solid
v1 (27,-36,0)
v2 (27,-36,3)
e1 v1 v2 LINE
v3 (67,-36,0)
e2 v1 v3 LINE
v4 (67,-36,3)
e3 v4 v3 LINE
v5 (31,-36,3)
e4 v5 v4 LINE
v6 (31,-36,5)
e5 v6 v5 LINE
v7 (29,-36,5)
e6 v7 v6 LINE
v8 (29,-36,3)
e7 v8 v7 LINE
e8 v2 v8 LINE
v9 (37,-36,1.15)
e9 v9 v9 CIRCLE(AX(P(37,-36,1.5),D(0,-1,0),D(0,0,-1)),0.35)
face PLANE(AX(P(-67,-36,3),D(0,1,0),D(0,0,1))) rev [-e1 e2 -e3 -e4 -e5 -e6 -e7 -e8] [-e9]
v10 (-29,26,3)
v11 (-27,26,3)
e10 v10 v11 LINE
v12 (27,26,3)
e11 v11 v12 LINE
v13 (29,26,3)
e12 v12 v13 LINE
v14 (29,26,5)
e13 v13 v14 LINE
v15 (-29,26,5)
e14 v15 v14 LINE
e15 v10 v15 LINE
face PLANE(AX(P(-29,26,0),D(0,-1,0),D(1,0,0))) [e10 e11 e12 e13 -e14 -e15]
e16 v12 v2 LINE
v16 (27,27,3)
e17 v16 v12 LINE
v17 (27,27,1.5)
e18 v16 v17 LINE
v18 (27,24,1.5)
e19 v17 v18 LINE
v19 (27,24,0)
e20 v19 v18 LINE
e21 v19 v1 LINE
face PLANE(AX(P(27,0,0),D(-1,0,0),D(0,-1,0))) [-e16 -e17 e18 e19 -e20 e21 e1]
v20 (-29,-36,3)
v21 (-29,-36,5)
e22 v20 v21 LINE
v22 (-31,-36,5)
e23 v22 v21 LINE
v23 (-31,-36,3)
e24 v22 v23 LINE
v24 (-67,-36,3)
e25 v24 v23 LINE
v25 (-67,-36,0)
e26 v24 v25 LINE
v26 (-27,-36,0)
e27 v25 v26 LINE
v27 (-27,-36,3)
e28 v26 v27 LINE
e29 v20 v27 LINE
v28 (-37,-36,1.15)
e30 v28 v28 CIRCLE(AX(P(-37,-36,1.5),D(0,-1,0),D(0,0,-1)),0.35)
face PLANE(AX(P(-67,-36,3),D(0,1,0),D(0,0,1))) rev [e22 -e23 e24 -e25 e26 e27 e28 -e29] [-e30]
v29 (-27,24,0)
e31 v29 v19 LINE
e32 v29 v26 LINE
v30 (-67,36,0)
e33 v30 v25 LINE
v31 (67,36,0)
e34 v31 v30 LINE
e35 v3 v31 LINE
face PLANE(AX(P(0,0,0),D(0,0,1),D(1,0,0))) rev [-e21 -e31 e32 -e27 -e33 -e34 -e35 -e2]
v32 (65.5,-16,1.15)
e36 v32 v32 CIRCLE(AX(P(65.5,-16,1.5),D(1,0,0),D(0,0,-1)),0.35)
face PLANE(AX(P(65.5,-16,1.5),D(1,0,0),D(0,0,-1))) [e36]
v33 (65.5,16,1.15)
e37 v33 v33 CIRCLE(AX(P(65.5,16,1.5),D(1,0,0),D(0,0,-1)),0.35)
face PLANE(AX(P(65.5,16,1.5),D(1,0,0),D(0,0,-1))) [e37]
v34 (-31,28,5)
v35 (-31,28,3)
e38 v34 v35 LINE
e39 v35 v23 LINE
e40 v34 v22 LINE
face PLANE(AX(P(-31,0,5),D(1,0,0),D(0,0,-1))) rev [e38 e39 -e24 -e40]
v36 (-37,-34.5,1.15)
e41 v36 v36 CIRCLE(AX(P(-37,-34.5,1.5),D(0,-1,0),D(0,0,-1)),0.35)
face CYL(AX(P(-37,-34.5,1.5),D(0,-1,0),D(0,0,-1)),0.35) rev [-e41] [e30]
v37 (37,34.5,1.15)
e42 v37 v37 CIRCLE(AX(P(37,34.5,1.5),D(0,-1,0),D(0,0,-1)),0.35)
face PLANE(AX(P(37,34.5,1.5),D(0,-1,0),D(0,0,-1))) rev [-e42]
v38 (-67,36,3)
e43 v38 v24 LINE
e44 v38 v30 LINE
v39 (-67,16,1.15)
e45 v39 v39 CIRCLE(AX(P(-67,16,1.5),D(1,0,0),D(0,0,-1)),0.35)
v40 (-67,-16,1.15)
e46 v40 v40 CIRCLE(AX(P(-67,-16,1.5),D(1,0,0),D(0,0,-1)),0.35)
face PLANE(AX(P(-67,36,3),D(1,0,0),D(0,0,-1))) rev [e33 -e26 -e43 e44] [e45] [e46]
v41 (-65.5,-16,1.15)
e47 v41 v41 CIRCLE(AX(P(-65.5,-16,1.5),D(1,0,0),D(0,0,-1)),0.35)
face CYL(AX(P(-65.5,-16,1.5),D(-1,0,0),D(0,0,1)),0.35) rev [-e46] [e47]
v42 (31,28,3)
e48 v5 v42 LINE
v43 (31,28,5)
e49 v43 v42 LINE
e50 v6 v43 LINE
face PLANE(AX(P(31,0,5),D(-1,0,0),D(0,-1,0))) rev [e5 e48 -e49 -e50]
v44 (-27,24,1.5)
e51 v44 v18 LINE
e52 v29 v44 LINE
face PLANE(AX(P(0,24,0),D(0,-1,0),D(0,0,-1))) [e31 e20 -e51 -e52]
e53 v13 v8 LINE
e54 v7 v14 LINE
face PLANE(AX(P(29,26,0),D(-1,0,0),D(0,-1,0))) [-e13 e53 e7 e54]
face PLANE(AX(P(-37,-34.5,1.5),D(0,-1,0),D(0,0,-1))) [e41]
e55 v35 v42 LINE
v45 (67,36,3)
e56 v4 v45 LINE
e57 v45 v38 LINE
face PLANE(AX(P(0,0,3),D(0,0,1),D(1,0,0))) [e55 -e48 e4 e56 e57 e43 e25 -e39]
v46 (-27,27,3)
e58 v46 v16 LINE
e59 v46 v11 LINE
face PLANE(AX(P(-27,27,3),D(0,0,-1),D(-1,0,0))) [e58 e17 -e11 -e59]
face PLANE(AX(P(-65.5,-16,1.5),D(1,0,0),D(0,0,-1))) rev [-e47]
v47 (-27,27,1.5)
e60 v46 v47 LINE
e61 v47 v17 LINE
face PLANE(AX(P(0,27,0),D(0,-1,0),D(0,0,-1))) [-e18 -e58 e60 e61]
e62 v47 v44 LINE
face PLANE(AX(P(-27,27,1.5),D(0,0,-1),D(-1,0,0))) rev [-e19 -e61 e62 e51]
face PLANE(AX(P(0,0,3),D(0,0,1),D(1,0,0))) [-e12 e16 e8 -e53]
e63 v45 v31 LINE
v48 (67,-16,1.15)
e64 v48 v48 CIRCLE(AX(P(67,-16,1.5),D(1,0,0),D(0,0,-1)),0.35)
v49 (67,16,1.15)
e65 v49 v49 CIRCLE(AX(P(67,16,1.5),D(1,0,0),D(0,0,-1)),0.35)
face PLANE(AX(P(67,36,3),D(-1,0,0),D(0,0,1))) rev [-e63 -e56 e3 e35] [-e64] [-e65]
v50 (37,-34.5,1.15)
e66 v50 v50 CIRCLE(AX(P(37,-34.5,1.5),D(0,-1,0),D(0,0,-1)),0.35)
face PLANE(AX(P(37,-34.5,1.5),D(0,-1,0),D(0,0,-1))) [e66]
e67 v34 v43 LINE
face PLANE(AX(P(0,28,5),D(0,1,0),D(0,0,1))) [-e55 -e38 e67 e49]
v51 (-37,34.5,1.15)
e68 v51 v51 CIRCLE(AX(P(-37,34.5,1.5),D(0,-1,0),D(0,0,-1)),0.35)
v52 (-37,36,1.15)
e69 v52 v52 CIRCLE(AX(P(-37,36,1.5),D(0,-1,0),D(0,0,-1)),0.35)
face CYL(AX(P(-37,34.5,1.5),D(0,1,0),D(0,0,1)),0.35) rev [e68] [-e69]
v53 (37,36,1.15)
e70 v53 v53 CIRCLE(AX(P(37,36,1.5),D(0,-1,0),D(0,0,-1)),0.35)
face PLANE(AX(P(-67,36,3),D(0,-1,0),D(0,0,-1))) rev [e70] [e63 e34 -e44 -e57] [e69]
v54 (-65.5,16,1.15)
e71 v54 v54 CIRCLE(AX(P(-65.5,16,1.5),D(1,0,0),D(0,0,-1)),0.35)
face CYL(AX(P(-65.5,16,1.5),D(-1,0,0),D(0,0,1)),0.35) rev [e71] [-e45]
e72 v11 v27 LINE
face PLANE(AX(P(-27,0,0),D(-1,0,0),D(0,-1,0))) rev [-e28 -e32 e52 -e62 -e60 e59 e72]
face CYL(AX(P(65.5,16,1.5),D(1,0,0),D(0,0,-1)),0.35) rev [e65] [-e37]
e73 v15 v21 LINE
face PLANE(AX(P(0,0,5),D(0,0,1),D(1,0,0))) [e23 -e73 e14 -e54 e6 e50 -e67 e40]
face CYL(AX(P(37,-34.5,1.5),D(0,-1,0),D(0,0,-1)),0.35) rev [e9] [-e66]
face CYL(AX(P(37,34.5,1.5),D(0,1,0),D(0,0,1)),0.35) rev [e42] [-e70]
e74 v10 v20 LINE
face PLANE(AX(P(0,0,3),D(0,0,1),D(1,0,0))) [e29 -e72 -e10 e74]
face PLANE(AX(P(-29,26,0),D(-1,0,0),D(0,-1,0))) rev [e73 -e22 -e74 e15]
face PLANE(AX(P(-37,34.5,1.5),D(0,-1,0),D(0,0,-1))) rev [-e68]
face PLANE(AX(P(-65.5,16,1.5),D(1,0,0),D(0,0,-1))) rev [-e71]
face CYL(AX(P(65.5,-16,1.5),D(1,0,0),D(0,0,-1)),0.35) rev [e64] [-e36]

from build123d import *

# Parameters (mm, degrees)
SKETCH_1_W          = 134
SKETCH_1_H          = 72
EXTRUDE_1_DEPTH     = 3
SKETCH_2_W          = 58
SKETCH_2_H          = 62
CUT_EXTRUDE_1_DEPTH = 77.118328936
SKETCH_2_4_W        = 58
SKETCH_2_4_H        = 2
EXTRUDE_2_DEPTH     = 2
EXTRUDE_3_DEPTH     = 3
SKETCH_3_W          = 54
SKETCH_3_H          = 1.5
CUT_EXTRUDE_2_DEPTH = 3
SKETCH_4_R          = 0.35
CUT_EXTRUDE_3_DEPTH = 1.5
CUT_EXTRUDE_START   = -70.5
SKETCH_4_3_R        = 0.35
CUT_EXTRUDE_4_DEPTH = 1.5
SKETCH_5_R          = 0.35
CUT_EXTRUDE_5_DEPTH = 1.5
CUT_EXTRUDE_START_2 = -132.5
SKETCH_5_3_R        = 0.35
CUT_EXTRUDE_6_DEPTH = 1.5


with BuildPart() as part:
    # 草图1 → 凸台-拉伸1 (new body)
    with BuildSketch(Plane.XY):
        Rectangle(SKETCH_1_W, SKETCH_1_H)
    extrude(amount=EXTRUDE_1_DEPTH)

    # 草图2 → 切除-拉伸1 (cut, through all)
    with BuildSketch(Plane.XY.offset(3)):
        with Locations((0, -5)):
            Rectangle(SKETCH_2_W, SKETCH_2_H)
    extrude(amount=-CUT_EXTRUDE_1_DEPTH, mode=Mode.SUBTRACT)

    # 草图2<4> → 凸台-拉伸2 (add)
    with BuildSketch(Plane.XY.offset(3)):
        Polygon((-29, -36), (-29, 26), (-29, 28), (-31, 28), (-31, -36), align=None)
        with Locations((0, 27)):
            Rectangle(SKETCH_2_4_W, SKETCH_2_4_H)
        Polygon((29, 28), (29, 26), (29, -36), (31, -36), (31, 28), align=None)
    extrude(amount=EXTRUDE_2_DEPTH)

    # 草图2<5> → 凸台-拉伸3 (add)
    with BuildSketch(Plane.XY.offset(3)):
        Polygon((29, 26), (-29, 26), (-29, -36), (-27, -36), (-27, 24), (27, 24), (27, -36), (29, -36), align=None)
    extrude(amount=-EXTRUDE_3_DEPTH)

    # 草图3 → 切除-拉伸2 (cut)
    with BuildSketch(Plane.XZ.offset(-24)):
        with Locations((0, 2.25)):
            Rectangle(SKETCH_3_W, SKETCH_3_H)
    extrude(amount=-CUT_EXTRUDE_2_DEPTH, mode=Mode.SUBTRACT)

    # 草图4 → 切除-拉伸3 (cut)
    with BuildSketch(Plane.XZ.offset(36)):
        with Locations(Location((-37, 1.5, 0), (0, 0, 270))):
            Circle(SKETCH_4_R)
        with Locations(Location((37, 1.5, 0), (0, 0, 270))):
            Circle(SKETCH_4_R)
    extrude(amount=-CUT_EXTRUDE_3_DEPTH, mode=Mode.SUBTRACT)

    # 草图4<3> → 切除-拉伸4 (cut)
    with BuildSketch(Plane.XZ.offset(36).offset(CUT_EXTRUDE_START)):
        with Locations(Location((-37, 1.5, 0), (0, 0, 270))):
            Circle(SKETCH_4_3_R)
        with Locations(Location((37, 1.5, 0), (0, 0, 270))):
            Circle(SKETCH_4_3_R)
    extrude(amount=-CUT_EXTRUDE_4_DEPTH, mode=Mode.SUBTRACT)

    # 草图5 → 切除-拉伸5 (cut)
    with BuildSketch(Plane(origin=(67, 0, 0), x_dir=(0, 0, -1), z_dir=(1, 0, 0))):
        with Locations((-1.5, 16)):
            Circle(SKETCH_5_R)
        with Locations((-1.5, -16)):
            Circle(SKETCH_5_R)
    extrude(amount=-CUT_EXTRUDE_5_DEPTH, mode=Mode.SUBTRACT)

    # 草图5<3> → 切除-拉伸6 (cut)
    with BuildSketch(Plane(origin=(67, 0, 0), x_dir=(0, 0, -1), z_dir=(1, 0, 0)).offset(CUT_EXTRUDE_START_2)):
        with Locations((-1.5, 16)):
            Circle(SKETCH_5_3_R)
        with Locations((-1.5, -16)):
            Circle(SKETCH_5_3_R)
    extrude(amount=-CUT_EXTRUDE_6_DEPTH, mode=Mode.SUBTRACT)


solid = part.part
